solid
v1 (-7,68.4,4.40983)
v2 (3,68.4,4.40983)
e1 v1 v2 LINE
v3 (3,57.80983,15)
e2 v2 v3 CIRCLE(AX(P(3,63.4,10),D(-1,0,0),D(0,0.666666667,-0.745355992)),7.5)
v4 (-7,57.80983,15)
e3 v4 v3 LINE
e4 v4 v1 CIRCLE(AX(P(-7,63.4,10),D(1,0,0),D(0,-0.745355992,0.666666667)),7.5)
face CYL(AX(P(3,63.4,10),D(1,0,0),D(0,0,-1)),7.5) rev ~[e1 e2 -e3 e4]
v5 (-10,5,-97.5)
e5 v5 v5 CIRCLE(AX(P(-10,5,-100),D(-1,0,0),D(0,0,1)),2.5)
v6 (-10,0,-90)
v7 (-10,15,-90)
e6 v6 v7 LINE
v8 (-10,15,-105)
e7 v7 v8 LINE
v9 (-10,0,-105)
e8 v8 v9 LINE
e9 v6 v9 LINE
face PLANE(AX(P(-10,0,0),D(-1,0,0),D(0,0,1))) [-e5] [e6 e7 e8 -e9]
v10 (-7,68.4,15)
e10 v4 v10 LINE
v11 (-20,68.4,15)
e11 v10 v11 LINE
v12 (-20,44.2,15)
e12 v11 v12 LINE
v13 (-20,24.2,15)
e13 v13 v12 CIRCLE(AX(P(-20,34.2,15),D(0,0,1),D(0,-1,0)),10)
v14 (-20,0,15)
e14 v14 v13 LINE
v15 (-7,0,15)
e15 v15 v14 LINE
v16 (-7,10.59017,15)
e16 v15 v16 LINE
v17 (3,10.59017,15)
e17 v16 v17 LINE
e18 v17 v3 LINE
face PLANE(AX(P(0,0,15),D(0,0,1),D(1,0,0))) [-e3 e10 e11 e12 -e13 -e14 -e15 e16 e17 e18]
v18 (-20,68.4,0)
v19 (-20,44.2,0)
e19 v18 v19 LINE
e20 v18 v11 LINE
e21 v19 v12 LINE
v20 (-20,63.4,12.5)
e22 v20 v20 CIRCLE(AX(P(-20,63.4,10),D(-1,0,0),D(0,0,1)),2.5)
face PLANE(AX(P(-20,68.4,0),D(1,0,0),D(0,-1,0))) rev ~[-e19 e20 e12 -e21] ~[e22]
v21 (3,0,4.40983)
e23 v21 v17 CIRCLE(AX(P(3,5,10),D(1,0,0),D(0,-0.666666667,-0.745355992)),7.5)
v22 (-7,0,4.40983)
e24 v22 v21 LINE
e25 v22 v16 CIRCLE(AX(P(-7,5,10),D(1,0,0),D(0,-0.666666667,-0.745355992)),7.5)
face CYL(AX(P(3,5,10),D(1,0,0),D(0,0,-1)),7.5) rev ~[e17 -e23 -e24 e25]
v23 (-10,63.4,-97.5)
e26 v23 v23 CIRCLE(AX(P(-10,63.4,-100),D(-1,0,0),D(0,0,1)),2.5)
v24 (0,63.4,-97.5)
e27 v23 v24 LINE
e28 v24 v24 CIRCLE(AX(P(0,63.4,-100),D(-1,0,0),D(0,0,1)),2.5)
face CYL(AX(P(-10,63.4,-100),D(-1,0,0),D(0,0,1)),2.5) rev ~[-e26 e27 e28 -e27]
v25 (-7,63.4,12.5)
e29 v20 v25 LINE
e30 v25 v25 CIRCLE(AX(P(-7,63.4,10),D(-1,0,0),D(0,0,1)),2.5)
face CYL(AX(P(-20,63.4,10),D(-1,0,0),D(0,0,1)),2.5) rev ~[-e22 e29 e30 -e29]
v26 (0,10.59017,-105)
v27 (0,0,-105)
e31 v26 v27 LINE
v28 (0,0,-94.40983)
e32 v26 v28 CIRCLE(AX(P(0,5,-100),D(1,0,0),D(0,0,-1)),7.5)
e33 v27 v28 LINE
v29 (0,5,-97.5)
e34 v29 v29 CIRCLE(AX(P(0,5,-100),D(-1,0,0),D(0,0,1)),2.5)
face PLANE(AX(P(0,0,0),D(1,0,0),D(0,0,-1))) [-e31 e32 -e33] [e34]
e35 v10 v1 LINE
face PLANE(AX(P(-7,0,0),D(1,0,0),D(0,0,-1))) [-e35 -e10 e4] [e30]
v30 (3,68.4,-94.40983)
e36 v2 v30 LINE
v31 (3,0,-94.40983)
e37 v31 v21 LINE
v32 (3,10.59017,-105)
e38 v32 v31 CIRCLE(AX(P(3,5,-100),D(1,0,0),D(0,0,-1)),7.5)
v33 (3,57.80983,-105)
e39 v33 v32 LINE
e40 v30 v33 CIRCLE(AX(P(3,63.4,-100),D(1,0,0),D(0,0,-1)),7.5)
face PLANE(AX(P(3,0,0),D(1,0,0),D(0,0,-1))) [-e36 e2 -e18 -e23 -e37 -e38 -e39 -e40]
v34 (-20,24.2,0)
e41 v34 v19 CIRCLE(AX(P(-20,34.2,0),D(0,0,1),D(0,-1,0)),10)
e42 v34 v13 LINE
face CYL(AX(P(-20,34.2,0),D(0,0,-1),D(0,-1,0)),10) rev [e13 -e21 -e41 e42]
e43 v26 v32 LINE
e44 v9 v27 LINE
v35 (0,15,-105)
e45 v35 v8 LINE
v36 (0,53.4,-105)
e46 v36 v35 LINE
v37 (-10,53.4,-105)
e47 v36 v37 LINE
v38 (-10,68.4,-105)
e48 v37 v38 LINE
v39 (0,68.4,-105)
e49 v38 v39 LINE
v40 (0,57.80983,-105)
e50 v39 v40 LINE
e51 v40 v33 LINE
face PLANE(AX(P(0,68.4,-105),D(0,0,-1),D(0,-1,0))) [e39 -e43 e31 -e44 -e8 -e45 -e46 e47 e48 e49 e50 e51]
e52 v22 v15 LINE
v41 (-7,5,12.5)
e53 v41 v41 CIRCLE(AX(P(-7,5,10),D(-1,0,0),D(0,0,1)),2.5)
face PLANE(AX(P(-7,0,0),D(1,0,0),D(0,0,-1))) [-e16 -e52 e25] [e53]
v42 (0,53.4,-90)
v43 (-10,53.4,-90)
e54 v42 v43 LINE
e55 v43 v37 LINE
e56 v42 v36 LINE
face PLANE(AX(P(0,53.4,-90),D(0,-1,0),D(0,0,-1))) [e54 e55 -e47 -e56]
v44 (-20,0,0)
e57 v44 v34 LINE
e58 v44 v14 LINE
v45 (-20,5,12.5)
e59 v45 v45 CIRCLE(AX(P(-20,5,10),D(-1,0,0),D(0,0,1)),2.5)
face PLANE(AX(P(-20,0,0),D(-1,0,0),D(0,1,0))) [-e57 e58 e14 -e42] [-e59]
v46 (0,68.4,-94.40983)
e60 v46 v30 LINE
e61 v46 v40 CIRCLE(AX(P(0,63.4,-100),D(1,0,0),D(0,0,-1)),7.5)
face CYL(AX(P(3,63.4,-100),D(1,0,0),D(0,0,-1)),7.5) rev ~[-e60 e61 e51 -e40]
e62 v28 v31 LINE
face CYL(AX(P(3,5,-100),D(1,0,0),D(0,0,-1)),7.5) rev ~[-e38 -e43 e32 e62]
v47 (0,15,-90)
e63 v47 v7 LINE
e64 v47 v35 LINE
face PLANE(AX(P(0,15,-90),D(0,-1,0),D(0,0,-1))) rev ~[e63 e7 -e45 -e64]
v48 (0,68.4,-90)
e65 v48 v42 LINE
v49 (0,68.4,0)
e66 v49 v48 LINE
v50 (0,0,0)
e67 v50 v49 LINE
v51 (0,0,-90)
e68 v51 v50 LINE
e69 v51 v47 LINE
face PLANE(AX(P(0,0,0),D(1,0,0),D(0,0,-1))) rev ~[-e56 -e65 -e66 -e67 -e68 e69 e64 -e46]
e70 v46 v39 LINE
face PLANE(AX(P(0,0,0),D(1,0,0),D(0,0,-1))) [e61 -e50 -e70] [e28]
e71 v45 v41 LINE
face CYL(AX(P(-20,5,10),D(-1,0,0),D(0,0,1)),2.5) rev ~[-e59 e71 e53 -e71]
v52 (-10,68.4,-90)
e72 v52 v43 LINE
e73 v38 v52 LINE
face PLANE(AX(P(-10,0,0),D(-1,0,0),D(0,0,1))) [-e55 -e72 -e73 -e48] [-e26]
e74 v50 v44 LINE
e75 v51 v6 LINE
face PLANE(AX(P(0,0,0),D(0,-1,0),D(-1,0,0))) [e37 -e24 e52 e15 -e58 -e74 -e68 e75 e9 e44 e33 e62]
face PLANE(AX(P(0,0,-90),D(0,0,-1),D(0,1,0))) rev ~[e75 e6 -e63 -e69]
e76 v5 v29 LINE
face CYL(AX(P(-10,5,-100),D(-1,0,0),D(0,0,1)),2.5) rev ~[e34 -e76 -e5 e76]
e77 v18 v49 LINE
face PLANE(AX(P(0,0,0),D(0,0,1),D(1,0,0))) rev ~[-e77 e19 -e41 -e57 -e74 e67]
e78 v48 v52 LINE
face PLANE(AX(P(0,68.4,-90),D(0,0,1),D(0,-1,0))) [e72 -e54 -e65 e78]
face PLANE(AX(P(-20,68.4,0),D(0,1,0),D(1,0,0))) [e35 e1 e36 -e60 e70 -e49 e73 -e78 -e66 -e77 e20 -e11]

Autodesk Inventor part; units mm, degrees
ref_plane "YZ Plane" through (0, 0, 0) normal (1, 0, 0) x (0, 1, 0)
ref_plane "XZ Plane" through (0, 0, 0) normal (0, 1, 0) x (-1, 0, 0)
ref_plane "XY Plane" through (0, 0, 0) normal (0, 0, 1) x (1, 0, 0)
sketch "Sketch1" plane through (0, 0, 0) normal (0, 0, 1) x (1, 0, 0)
  circle A0 centre (-20, 34.2) radius 10 construction
  line L0 (0, 0) -> (0, 68.4)
  line L1 (0, 0) -> (-20, 0)
  line L2 (-20, 0) -> (-20, 68.4) construction
  line L3 (-20, 68.4) -> (0, 68.4)
  line L4 (-20, 68.4) -> (-20, 44.2)
  line L5 (-20, 0) -> (-20, 24.2)
  arc A1 (-20, 24.2) -> (-20, 44.2) centre (-20, 34.2) ccw
  point P0 (0, 34.2)
  dimension "d0" = 20
  dimension "d1" = 20
  dimension "d3" = 68.4
extrude "Extrusion1" add sketch "Sketch1" along normal blind 15
sketch "Sketch2" plane through (0, 0, 0) normal (1, 0, 0) x (0, 0, -1)
  line L0 (-15, 68.4) -> (-15, 44.2) projected
  line L1 (-15, 68.4) -> (105, 68.4)
  line L2 (105, 68.4) -> (105, 0)
  line L3 (105, 0) -> (-15, 0)
  line L4 (-15, 0) -> (-15, 68.4)
  point P0 (0, 0)
  dimension "d6" = 120
extrude "Extrusion2" add sketch "Sketch2" along normal blind 3
sketch "Sketch3" plane through (-20, 0, 0) normal (-1, 0, 0) x (0, 0, 1)
  circle A0 centre (10, 5) radius 2.5
  circle A1 centre (10, 63.4) radius 2.5
  line L0 (0, 0) -> (15, 0) projected
  line L1 (15, 24.2) -> (15, 0) projected
  line L2 (15, 68.4) -> (15, 44.2) projected
  line L3 (0, 68.4) -> (15, 68.4) projected
  dimension "d9" = 5
  dimension "d10" = 5
  dimension "d11" = 5
  dimension "d12" = 5
  dimension "d13" = 5
  dimension "d14" = 5
extrude "Extrusion3" cut sketch "Sketch3" against normal through all
sketch "Sketch4" plane through (3, 0, 0) normal (1, 0, 0) x (0, 0, -1)
  circle A0 centre (-10, 63.4) radius 2.5 projected
  circle A1 centre (-10, 5) radius 2.5 projected
  circle A2 centre (-10, 63.4) radius 2.5 projected
  circle A3 centre (-10, 63.4) radius 7.5
  circle A4 centre (-10, 5) radius 7.5
  point P0 (0, 0)
  dimension "d18" = 15
  dimension "d19" = 15
extrude "Extrusion4" cut sketch "Sketch4" against normal blind 10 contours A0 | A1 | A3 | A4
sketch "Sketch6" plane through (0, 0, 0) normal (-1, 0, 0) x (0, 0, 1)
  line L0 (-105, 68.4) -> (4.4098, 68.4) projected
  line L1 (-105, 68.4) -> (-90, 68.4)
  line L2 (-90, 68.4) -> (-90, 53.4)
  line L3 (-90, 53.4) -> (-105, 53.4)
  line L4 (-105, 53.4) -> (-105, 68.4)
  line L5 (4.4098, 0) -> (-105, 0) projected
  line L6 (-105, 0) -> (-90, 0)
  line L7 (-90, 0) -> (-90, 15)
  line L8 (-90, 15) -> (-105, 15)
  line L9 (-105, 15) -> (-105, 0)
  point P0 (0, 0)
  dimension "d22" = 15
  dimension "d23" = 15
  dimension "d24" = 15
  dimension "d25" = 15
extrude "Extrusion5" add sketch "Sketch6" along normal blind 10
sketch "Sketch7" plane through (-10, 0, 0) normal (-1, 0, 0) x (0, 0, 1)
  circle A0 centre (-100, 63.4) radius 2.5
  circle A1 centre (-100, 5) radius 2.5
  line L0 (-90, 68.4) -> (-105, 68.4) projected
  line L1 (-105, 68.4) -> (-105, 53.4) projected
  line L2 (-105, 0) -> (-90, 0) projected
  point P0 (0, 0)
  dimension "d30" = 5
  dimension "d31" = 5
  dimension "d32" = 5
  dimension "d33" = 5
  dimension "d34" = 5
extrude "Extrusion6" cut sketch "Sketch7" against normal through all
sketch "Sketch8" plane through (3, 0, 0) normal (1, 0, 0) x (0, 0, -1)
  circle A0 centre (100, 5) radius 2.5 projected
  circle A1 centre (100, 63.4) radius 2.5 projected
  circle A2 centre (100, 5) radius 2.5 projected
  circle A3 centre (100, 5) radius 7.5
  circle A4 centre (100, 63.4) radius 7.5
  point P0 (0, 0)
  dimension "d37" = 15
  dimension "d38" = 15
extrude "Extrusion7" cut sketch "Sketch8" against normal blind 3
properties part number "BP008" material "ABS Plastic"
